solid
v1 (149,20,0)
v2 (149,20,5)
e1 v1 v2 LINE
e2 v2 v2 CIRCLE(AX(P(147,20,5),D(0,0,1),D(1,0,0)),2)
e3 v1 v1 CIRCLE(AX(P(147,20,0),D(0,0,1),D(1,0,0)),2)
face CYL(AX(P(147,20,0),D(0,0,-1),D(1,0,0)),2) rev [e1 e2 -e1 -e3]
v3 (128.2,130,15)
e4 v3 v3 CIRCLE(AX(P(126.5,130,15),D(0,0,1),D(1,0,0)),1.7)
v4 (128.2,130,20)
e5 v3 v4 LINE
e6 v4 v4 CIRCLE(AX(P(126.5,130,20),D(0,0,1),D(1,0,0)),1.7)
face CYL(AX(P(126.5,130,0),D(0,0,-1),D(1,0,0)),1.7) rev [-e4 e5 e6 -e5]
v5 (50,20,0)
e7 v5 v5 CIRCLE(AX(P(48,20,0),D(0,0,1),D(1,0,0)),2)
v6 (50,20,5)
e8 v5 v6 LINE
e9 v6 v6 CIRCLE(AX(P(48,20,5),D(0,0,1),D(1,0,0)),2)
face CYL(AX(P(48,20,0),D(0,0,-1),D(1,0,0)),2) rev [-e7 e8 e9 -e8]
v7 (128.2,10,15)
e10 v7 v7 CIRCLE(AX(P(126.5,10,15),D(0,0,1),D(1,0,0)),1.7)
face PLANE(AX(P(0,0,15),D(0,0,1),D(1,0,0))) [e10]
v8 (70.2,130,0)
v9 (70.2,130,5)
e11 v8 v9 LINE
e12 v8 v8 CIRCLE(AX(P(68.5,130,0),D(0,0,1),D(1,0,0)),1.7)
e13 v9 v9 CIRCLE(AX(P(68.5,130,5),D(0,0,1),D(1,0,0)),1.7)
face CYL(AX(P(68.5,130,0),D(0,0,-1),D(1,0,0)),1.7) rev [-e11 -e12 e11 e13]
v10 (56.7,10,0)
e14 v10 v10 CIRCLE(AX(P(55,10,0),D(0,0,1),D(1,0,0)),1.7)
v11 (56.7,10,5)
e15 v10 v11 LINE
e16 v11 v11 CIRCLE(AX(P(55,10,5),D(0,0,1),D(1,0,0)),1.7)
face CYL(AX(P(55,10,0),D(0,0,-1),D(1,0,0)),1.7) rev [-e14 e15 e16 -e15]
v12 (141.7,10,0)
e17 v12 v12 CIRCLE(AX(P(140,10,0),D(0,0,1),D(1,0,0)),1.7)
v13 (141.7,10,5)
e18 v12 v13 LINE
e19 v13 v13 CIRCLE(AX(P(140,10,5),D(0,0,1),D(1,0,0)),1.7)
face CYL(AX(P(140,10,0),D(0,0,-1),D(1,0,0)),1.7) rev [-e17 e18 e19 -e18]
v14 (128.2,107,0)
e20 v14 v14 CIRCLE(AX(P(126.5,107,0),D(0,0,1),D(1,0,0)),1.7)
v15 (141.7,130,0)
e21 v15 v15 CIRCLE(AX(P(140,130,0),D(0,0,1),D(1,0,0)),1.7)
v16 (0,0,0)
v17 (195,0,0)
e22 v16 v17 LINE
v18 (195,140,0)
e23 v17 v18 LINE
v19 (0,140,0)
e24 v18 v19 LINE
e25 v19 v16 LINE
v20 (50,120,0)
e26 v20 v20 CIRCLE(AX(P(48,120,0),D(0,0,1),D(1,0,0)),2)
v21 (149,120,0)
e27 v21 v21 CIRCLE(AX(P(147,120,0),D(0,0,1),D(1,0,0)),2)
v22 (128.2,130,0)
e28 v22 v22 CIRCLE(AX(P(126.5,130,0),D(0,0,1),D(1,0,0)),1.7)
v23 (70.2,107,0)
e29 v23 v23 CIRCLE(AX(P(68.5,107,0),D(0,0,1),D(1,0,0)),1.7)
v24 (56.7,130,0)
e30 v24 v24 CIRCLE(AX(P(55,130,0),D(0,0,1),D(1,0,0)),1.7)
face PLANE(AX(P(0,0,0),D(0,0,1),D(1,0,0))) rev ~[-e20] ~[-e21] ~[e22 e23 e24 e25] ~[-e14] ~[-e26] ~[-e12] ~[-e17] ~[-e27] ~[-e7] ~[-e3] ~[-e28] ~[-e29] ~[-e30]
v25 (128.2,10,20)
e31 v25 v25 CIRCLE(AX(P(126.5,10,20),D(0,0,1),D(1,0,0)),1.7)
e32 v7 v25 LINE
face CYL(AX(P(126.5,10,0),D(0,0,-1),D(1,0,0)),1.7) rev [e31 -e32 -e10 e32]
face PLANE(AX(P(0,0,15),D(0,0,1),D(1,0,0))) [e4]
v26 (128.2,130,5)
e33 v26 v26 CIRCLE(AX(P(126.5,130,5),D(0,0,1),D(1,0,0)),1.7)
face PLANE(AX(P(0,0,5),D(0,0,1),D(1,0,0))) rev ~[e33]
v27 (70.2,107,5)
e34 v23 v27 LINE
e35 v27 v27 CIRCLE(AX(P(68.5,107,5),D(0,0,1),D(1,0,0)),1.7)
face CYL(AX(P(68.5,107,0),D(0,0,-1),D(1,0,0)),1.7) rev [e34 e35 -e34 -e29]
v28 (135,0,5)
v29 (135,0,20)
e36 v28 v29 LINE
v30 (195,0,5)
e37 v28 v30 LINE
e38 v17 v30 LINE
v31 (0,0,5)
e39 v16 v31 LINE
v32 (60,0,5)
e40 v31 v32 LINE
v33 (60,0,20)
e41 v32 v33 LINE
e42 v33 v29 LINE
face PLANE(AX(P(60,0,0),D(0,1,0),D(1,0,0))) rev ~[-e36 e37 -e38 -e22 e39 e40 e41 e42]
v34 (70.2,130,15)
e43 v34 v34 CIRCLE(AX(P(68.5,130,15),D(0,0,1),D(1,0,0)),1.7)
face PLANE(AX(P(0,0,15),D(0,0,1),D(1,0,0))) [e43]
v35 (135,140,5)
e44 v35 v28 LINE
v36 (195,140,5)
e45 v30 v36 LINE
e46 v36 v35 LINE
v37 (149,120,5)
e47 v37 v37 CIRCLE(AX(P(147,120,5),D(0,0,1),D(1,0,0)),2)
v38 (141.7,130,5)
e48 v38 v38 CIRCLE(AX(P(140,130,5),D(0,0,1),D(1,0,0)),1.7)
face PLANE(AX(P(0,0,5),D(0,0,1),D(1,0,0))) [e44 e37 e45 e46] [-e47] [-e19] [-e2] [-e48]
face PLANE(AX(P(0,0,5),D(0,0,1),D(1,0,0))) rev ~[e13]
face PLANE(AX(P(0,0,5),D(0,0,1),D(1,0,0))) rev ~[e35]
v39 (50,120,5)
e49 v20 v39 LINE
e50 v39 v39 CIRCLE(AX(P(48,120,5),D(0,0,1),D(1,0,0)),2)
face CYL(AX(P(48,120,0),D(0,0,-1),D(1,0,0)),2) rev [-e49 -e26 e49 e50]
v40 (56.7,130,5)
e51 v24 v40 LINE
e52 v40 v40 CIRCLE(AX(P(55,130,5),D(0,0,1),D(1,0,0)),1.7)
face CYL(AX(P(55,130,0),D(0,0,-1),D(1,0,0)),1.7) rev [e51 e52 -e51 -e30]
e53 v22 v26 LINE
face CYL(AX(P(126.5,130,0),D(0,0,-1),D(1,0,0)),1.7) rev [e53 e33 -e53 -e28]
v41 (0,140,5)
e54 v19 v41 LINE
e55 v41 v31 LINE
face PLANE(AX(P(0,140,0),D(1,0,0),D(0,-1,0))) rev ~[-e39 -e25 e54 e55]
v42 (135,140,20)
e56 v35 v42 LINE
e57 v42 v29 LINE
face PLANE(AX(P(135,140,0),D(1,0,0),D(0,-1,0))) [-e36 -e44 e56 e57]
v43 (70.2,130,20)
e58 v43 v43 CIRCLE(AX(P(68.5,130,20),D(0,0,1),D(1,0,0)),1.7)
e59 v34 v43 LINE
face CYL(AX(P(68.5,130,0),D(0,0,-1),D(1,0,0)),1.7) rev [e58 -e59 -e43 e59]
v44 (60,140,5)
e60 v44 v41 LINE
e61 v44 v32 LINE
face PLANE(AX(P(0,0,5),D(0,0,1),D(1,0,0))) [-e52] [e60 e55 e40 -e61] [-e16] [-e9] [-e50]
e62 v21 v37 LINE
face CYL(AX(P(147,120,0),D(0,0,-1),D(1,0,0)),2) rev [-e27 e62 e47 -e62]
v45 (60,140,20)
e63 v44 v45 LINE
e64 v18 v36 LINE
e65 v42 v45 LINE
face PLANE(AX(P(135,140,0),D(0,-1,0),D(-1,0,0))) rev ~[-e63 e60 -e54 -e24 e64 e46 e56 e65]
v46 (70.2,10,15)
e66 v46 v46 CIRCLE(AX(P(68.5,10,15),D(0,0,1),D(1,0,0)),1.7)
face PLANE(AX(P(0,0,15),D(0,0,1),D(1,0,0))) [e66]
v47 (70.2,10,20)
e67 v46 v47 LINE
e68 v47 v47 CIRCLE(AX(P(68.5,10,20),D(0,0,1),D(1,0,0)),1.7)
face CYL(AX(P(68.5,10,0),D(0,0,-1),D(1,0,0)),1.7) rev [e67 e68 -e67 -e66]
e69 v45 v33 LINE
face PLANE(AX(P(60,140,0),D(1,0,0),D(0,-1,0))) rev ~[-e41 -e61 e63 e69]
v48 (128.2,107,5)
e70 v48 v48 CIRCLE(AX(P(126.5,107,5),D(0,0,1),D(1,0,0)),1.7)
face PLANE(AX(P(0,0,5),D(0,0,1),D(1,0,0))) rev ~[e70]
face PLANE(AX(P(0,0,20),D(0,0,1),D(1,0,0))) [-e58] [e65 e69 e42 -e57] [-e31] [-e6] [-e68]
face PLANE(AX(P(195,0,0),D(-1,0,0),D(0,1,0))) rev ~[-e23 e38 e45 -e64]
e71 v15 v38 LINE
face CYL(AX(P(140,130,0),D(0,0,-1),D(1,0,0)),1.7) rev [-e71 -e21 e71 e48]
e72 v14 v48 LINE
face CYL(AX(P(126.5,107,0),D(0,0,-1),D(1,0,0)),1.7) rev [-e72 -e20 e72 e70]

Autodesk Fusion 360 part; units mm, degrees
sketch "Sketch1" plane through (0, 0, 0) normal (0, 0, 1) x (1, 0, 0)
  line L0 (0, 0) -> (195, 0)
  line L1 (195, 0) -> (195, 140)
  line L2 (195, 140) -> (0, 140)
  line L3 (0, 140) -> (0, 0)
  line L4 (60, 140) -> (60, 0)
  line L5 (135, 140) -> (135, 0)
  circle A0 centre (68.5, 10) radius 1.7
  circle A1 centre (126.5, 10) radius 1.7
  line L6 (97.5, 0) -> (97.5, 140) construction
  circle A2 centre (68.5, 130) radius 1.7
  circle A3 centre (126.5, 130) radius 1.7
  line L7 (68.5, 130) -> (68.5, 100) construction
  circle A4 centre (68.5, 107) radius 1.7
  line L8 (126.5, 130) -> (126.5, 100) construction
  circle A5 centre (126.5, 107) radius 1.7
  circle A6 centre (48, 120) radius 2
  line L9 (0, 70) -> (195, 70) construction
  circle A7 centre (48, 20) radius 2
  circle A8 centre (147, 120) radius 2
  circle A9 centre (147, 20) radius 2
  line L10 (50, 0) -> (50, 140) construction
  line L11 (145, 0) -> (145, 140) construction
  circle A10 centre (55, 10) radius 1.7
  circle A11 centre (55, 130) radius 1.7
  circle A12 centre (140, 130) radius 1.7
  circle A13 centre (140, 10) radius 1.7
  dimension "d1" = 140
  dimension "d3" = 60
  dimension "d4" = 60
  dimension "d5" = 3.4
  dimension "d6" = 10
  dimension "d7" = 3.4
  dimension "d10" = 58
  dimension "d11" = 3.4
  dimension "d12" = 3.4
  dimension "d13" = 58
  dimension "d14" = 10
  dimension "d23" = 3.4
  dimension "d24" = 23
  dimension "d25" = 3.4
  dimension "d26" = 23
  dimension "d27" = 4
  dimension "d28" = 4
  dimension "d29" = 100
  dimension "d30" = 4
  dimension "d31" = 4
  dimension "d32" = 100
  dimension "d42" = 75
  dimension "d43" = 50
  dimension "d44" = 50
  dimension "d46" = 3.4
  dimension "d47" = 10
  dimension "d48" = 3.4
  dimension "d49" = 10
  dimension "d50" = 3.4
  dimension "d51" = 10
  dimension "d52" = 3.4
  dimension "d53" = 10
  dimension "d54" = 5
  dimension "d55" = 5
  dimension "d56" = 5
  dimension "d57" = 5
extrude "Extrude1" add sketch "Sketch1" along normal blind 20 contours L0 L2 L4 L5
extrude "Extrude3" add sketch "Sketch1" along normal blind 5 contours L0 L2 L3 L4 | L0 L1 L2 L5
extrude "Extrude4" add sketch "Sketch1" along normal blind 15 contours A0 | A1
extrude "Extrude5" add sketch "Sketch1" along normal blind 10 from surface at 5 contours A2 | A3
extrude "Extrude6" add sketch "Sketch1" along normal blind 15 from surface at 5 contours A4 | A5
equation "d5 = m3_hole_diameter"
equation "d7 = m3_hole_diameter"
equation "d11 = m3_hole_diameter"
equation "d12 = m3_hole_diameter"
equation "d23 = m3_hole_diameter"
equation "d25 = m3_hole_diameter"
equation "d27 = zip_tie_hole_diameter"
equation "d28 = zip_tie_hole_diameter"
equation "d30 = zip_tie_hole_diameter"
equation "d31 = zip_tie_hole_diameter"
equation "zip_tie_hole_diameter = 4 mm"
equation "m3_hole_diameter = 3.4 mm"
equation "d46 = m3_hole_diameter"
equation "d48 = m3_hole_diameter"
equation "d50 = m3_hole_diameter"
equation "d52 = m3_hole_diameter"
